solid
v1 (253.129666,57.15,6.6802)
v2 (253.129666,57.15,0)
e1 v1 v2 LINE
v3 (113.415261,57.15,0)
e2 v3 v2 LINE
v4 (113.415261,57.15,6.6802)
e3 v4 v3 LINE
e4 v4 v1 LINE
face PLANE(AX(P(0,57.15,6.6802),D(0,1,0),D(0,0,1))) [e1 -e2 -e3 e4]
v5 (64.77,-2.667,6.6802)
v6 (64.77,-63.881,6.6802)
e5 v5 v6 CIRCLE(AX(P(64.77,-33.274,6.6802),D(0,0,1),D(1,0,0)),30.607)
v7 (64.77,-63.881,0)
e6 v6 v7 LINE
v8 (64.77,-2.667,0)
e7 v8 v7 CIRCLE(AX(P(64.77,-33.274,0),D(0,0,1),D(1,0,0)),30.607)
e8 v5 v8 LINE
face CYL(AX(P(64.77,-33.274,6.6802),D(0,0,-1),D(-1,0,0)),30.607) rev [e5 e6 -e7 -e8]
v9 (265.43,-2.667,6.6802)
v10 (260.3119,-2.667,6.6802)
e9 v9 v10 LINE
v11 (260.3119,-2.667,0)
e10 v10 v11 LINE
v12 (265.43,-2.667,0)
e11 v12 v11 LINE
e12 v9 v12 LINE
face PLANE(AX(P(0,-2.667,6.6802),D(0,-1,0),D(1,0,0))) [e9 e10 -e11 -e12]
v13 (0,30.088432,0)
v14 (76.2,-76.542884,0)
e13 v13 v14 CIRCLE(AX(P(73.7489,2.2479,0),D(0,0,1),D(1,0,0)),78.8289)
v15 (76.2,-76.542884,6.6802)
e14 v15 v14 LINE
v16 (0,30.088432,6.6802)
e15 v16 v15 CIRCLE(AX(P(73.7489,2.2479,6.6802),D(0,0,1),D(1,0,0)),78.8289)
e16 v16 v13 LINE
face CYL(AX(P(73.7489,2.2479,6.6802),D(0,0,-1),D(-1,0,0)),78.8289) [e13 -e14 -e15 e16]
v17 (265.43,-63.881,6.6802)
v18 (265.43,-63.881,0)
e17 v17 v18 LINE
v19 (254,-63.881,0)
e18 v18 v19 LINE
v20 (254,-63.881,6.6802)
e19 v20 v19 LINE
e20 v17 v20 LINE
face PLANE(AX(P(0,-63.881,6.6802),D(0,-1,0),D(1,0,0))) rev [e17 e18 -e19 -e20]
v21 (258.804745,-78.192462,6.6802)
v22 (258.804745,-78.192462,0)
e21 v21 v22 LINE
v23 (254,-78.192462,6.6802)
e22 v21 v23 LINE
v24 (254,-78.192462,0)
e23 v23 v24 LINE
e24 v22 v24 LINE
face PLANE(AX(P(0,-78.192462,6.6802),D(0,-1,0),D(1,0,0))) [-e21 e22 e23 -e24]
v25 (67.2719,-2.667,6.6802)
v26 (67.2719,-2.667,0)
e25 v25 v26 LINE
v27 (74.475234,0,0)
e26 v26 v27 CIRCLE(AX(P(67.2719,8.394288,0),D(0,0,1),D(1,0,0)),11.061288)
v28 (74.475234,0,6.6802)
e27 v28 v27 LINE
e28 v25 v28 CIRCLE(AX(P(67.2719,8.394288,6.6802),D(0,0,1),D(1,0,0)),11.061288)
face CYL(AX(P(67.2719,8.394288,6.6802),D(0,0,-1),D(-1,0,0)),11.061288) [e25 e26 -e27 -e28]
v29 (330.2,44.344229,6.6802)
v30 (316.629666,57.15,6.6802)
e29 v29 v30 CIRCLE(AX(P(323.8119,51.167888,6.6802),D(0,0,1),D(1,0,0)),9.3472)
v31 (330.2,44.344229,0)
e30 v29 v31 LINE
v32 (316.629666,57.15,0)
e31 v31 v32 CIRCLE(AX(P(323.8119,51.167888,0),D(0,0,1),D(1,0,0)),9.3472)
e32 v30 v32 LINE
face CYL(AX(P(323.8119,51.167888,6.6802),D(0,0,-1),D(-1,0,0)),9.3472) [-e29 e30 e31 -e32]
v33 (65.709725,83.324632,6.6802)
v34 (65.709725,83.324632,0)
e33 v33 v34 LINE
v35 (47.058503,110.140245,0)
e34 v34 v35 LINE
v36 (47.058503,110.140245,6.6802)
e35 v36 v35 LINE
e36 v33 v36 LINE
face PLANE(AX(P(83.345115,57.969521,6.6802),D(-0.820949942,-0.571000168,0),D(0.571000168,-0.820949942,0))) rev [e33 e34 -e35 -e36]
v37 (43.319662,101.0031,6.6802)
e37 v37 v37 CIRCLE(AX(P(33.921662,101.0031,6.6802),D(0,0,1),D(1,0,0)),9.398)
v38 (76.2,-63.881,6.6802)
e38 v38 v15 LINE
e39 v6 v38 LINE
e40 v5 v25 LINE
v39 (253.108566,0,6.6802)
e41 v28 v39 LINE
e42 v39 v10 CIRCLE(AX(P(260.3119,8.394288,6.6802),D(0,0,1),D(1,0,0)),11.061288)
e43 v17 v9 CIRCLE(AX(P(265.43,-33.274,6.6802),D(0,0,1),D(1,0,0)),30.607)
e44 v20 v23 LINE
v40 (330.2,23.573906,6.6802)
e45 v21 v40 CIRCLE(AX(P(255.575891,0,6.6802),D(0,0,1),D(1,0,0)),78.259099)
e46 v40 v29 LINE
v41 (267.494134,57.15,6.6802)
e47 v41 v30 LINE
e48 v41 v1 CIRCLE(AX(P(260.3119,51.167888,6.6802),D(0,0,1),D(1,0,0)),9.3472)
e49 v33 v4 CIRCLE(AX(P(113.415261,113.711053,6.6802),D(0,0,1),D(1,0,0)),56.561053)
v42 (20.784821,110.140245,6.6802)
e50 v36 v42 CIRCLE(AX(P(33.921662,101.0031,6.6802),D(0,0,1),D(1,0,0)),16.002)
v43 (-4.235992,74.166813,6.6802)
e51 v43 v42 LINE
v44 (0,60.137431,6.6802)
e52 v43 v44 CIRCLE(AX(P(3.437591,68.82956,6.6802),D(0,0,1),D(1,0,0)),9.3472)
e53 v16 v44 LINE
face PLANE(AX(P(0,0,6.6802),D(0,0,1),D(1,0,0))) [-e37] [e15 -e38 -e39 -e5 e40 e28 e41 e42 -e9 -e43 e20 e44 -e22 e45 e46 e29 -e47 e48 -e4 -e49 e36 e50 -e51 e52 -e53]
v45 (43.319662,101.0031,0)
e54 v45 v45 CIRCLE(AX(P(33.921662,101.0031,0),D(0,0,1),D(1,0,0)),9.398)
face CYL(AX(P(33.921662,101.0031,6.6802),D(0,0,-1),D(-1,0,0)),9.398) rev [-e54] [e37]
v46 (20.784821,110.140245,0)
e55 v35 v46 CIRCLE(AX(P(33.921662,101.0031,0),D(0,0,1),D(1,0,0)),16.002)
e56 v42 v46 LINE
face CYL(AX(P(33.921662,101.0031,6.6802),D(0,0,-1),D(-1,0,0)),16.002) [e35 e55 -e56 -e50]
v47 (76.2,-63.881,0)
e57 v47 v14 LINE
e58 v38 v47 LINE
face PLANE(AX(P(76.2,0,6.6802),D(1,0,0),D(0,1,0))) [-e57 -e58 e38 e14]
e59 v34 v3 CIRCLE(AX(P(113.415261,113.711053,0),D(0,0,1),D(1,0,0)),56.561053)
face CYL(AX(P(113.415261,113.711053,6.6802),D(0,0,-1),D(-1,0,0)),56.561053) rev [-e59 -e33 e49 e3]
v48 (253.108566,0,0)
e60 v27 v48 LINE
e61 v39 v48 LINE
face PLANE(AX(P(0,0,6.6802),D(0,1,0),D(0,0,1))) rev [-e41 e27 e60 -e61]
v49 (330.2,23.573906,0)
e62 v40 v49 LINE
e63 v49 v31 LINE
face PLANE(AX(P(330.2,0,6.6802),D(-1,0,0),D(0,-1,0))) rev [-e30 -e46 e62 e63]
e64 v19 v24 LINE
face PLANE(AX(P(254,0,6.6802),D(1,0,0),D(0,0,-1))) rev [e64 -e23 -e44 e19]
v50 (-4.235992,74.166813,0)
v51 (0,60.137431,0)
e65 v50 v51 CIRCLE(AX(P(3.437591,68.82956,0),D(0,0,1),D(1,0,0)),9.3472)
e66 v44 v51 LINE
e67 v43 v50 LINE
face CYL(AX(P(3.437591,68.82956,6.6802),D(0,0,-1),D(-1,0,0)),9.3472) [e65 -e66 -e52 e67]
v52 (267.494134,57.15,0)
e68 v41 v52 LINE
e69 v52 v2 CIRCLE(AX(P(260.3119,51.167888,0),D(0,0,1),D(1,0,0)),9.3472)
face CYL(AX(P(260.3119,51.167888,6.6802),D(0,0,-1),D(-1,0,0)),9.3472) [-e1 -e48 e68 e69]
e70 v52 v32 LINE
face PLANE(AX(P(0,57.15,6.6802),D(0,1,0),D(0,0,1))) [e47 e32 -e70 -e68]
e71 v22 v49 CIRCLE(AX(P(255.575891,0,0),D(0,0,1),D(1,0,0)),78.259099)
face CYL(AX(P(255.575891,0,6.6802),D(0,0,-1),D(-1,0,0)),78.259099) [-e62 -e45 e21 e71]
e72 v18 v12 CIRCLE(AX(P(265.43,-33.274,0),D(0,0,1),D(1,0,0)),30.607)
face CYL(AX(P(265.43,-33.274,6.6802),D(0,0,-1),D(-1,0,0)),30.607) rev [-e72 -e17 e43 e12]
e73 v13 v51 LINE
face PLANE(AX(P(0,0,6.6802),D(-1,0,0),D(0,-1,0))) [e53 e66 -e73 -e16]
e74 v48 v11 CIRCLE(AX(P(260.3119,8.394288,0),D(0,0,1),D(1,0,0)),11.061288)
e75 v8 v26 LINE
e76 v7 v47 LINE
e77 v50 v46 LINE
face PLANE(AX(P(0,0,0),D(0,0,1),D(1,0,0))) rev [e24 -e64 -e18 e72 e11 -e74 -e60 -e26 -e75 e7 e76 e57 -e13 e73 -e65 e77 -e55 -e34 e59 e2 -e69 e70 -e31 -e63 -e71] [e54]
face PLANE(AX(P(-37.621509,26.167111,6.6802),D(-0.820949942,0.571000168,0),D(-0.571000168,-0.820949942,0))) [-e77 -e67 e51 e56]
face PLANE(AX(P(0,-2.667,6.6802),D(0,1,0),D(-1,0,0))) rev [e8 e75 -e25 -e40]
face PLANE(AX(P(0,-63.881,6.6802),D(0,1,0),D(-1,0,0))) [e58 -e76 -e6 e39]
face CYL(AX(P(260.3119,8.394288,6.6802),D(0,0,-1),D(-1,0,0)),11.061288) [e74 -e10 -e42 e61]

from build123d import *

# Parameters (mm, degrees)
SKETCH1_R           = 9.398
BOSS_EXTRUDE1_DEPTH = 6.6802


with BuildPart() as part:
    # Sketch1 → Boss-Extrude1 (new body)
    with BuildSketch(Plane.XY):
        with BuildLine():
            ThreePointArc((67.2719, -2.667), (71.112502584, -1.978843865), (74.475234217, 0))
            Line((74.475234217, 0), (253.108565783, 0))
            ThreePointArc((253.108565783, 0), (256.471297416, -1.978843865), (260.3119, -2.667))
            Line((260.3119, -2.667), (265.43, -2.667))
            ThreePointArc((265.43, -2.667), (296.037, -33.274), (265.43, -63.881))
            Line((265.43, -63.881), (254, -63.881))
            Line((254, -63.881), (254, -78.192462102))
            Line((254, -78.192462102), (258.804744722, -78.192462102))
            ThreePointArc((258.804744722, -78.192462102), (319.641243362, -44.945714973), (330.2, 23.573905719))
            Line((330.2, 23.573905719), (330.2, 44.344229198))
            ThreePointArc((330.2, 44.344229198), (330.227085405, 57.966090028), (316.629665681, 57.15))
            Line((316.629665681, 57.15), (267.494134319, 57.15))
            ThreePointArc((267.494134319, 57.15), (260.3119, 60.515088497), (253.129665681, 57.15))
            Line((253.129665681, 57.15), (113.415260688, 57.15))
            ThreePointArc((113.415260688, 57.15), (86.208048701, 64.123551226), (65.709724775, 83.324632368))
            Line((65.709724775, 83.324632368), (47.058503367, 110.140244689))
            ThreePointArc((47.058503367, 110.140244689), (33.921662387, 117.0051), (20.784821408, 110.140244689))
            Line((20.784821408, 110.140244689), (2.1336, 83.324632368))
            Line((2.1336, 83.324632368), (-4.235992095, 74.166813235))
            ThreePointArc((-4.235992095, 74.166813235), (-5.510617618, 66.127763534), (0, 60.137431006))
            Line((0, 60.137431006), (0, 30.088432035))
            ThreePointArc((0, 30.088432035), (8.908195227, -42.581537647), (73.7489, -76.581))
            ThreePointArc((73.7489, -76.581), (74.974598175, -76.57147033), (76.2, -76.542883623))
            Line((76.2, -76.542883623), (76.2, -63.881))
            Line((76.2, -63.881), (64.77, -63.881))
            ThreePointArc((64.77, -63.881), (34.163, -33.274), (64.77, -2.667))
            Line((64.77, -2.667), (67.2719, -2.667))
        make_face()
        with Locations((33.921662387, 101.0031)):
            Circle(SKETCH1_R, mode=Mode.SUBTRACT)
    extrude(amount=BOSS_EXTRUDE1_DEPTH)


solid = part.part
